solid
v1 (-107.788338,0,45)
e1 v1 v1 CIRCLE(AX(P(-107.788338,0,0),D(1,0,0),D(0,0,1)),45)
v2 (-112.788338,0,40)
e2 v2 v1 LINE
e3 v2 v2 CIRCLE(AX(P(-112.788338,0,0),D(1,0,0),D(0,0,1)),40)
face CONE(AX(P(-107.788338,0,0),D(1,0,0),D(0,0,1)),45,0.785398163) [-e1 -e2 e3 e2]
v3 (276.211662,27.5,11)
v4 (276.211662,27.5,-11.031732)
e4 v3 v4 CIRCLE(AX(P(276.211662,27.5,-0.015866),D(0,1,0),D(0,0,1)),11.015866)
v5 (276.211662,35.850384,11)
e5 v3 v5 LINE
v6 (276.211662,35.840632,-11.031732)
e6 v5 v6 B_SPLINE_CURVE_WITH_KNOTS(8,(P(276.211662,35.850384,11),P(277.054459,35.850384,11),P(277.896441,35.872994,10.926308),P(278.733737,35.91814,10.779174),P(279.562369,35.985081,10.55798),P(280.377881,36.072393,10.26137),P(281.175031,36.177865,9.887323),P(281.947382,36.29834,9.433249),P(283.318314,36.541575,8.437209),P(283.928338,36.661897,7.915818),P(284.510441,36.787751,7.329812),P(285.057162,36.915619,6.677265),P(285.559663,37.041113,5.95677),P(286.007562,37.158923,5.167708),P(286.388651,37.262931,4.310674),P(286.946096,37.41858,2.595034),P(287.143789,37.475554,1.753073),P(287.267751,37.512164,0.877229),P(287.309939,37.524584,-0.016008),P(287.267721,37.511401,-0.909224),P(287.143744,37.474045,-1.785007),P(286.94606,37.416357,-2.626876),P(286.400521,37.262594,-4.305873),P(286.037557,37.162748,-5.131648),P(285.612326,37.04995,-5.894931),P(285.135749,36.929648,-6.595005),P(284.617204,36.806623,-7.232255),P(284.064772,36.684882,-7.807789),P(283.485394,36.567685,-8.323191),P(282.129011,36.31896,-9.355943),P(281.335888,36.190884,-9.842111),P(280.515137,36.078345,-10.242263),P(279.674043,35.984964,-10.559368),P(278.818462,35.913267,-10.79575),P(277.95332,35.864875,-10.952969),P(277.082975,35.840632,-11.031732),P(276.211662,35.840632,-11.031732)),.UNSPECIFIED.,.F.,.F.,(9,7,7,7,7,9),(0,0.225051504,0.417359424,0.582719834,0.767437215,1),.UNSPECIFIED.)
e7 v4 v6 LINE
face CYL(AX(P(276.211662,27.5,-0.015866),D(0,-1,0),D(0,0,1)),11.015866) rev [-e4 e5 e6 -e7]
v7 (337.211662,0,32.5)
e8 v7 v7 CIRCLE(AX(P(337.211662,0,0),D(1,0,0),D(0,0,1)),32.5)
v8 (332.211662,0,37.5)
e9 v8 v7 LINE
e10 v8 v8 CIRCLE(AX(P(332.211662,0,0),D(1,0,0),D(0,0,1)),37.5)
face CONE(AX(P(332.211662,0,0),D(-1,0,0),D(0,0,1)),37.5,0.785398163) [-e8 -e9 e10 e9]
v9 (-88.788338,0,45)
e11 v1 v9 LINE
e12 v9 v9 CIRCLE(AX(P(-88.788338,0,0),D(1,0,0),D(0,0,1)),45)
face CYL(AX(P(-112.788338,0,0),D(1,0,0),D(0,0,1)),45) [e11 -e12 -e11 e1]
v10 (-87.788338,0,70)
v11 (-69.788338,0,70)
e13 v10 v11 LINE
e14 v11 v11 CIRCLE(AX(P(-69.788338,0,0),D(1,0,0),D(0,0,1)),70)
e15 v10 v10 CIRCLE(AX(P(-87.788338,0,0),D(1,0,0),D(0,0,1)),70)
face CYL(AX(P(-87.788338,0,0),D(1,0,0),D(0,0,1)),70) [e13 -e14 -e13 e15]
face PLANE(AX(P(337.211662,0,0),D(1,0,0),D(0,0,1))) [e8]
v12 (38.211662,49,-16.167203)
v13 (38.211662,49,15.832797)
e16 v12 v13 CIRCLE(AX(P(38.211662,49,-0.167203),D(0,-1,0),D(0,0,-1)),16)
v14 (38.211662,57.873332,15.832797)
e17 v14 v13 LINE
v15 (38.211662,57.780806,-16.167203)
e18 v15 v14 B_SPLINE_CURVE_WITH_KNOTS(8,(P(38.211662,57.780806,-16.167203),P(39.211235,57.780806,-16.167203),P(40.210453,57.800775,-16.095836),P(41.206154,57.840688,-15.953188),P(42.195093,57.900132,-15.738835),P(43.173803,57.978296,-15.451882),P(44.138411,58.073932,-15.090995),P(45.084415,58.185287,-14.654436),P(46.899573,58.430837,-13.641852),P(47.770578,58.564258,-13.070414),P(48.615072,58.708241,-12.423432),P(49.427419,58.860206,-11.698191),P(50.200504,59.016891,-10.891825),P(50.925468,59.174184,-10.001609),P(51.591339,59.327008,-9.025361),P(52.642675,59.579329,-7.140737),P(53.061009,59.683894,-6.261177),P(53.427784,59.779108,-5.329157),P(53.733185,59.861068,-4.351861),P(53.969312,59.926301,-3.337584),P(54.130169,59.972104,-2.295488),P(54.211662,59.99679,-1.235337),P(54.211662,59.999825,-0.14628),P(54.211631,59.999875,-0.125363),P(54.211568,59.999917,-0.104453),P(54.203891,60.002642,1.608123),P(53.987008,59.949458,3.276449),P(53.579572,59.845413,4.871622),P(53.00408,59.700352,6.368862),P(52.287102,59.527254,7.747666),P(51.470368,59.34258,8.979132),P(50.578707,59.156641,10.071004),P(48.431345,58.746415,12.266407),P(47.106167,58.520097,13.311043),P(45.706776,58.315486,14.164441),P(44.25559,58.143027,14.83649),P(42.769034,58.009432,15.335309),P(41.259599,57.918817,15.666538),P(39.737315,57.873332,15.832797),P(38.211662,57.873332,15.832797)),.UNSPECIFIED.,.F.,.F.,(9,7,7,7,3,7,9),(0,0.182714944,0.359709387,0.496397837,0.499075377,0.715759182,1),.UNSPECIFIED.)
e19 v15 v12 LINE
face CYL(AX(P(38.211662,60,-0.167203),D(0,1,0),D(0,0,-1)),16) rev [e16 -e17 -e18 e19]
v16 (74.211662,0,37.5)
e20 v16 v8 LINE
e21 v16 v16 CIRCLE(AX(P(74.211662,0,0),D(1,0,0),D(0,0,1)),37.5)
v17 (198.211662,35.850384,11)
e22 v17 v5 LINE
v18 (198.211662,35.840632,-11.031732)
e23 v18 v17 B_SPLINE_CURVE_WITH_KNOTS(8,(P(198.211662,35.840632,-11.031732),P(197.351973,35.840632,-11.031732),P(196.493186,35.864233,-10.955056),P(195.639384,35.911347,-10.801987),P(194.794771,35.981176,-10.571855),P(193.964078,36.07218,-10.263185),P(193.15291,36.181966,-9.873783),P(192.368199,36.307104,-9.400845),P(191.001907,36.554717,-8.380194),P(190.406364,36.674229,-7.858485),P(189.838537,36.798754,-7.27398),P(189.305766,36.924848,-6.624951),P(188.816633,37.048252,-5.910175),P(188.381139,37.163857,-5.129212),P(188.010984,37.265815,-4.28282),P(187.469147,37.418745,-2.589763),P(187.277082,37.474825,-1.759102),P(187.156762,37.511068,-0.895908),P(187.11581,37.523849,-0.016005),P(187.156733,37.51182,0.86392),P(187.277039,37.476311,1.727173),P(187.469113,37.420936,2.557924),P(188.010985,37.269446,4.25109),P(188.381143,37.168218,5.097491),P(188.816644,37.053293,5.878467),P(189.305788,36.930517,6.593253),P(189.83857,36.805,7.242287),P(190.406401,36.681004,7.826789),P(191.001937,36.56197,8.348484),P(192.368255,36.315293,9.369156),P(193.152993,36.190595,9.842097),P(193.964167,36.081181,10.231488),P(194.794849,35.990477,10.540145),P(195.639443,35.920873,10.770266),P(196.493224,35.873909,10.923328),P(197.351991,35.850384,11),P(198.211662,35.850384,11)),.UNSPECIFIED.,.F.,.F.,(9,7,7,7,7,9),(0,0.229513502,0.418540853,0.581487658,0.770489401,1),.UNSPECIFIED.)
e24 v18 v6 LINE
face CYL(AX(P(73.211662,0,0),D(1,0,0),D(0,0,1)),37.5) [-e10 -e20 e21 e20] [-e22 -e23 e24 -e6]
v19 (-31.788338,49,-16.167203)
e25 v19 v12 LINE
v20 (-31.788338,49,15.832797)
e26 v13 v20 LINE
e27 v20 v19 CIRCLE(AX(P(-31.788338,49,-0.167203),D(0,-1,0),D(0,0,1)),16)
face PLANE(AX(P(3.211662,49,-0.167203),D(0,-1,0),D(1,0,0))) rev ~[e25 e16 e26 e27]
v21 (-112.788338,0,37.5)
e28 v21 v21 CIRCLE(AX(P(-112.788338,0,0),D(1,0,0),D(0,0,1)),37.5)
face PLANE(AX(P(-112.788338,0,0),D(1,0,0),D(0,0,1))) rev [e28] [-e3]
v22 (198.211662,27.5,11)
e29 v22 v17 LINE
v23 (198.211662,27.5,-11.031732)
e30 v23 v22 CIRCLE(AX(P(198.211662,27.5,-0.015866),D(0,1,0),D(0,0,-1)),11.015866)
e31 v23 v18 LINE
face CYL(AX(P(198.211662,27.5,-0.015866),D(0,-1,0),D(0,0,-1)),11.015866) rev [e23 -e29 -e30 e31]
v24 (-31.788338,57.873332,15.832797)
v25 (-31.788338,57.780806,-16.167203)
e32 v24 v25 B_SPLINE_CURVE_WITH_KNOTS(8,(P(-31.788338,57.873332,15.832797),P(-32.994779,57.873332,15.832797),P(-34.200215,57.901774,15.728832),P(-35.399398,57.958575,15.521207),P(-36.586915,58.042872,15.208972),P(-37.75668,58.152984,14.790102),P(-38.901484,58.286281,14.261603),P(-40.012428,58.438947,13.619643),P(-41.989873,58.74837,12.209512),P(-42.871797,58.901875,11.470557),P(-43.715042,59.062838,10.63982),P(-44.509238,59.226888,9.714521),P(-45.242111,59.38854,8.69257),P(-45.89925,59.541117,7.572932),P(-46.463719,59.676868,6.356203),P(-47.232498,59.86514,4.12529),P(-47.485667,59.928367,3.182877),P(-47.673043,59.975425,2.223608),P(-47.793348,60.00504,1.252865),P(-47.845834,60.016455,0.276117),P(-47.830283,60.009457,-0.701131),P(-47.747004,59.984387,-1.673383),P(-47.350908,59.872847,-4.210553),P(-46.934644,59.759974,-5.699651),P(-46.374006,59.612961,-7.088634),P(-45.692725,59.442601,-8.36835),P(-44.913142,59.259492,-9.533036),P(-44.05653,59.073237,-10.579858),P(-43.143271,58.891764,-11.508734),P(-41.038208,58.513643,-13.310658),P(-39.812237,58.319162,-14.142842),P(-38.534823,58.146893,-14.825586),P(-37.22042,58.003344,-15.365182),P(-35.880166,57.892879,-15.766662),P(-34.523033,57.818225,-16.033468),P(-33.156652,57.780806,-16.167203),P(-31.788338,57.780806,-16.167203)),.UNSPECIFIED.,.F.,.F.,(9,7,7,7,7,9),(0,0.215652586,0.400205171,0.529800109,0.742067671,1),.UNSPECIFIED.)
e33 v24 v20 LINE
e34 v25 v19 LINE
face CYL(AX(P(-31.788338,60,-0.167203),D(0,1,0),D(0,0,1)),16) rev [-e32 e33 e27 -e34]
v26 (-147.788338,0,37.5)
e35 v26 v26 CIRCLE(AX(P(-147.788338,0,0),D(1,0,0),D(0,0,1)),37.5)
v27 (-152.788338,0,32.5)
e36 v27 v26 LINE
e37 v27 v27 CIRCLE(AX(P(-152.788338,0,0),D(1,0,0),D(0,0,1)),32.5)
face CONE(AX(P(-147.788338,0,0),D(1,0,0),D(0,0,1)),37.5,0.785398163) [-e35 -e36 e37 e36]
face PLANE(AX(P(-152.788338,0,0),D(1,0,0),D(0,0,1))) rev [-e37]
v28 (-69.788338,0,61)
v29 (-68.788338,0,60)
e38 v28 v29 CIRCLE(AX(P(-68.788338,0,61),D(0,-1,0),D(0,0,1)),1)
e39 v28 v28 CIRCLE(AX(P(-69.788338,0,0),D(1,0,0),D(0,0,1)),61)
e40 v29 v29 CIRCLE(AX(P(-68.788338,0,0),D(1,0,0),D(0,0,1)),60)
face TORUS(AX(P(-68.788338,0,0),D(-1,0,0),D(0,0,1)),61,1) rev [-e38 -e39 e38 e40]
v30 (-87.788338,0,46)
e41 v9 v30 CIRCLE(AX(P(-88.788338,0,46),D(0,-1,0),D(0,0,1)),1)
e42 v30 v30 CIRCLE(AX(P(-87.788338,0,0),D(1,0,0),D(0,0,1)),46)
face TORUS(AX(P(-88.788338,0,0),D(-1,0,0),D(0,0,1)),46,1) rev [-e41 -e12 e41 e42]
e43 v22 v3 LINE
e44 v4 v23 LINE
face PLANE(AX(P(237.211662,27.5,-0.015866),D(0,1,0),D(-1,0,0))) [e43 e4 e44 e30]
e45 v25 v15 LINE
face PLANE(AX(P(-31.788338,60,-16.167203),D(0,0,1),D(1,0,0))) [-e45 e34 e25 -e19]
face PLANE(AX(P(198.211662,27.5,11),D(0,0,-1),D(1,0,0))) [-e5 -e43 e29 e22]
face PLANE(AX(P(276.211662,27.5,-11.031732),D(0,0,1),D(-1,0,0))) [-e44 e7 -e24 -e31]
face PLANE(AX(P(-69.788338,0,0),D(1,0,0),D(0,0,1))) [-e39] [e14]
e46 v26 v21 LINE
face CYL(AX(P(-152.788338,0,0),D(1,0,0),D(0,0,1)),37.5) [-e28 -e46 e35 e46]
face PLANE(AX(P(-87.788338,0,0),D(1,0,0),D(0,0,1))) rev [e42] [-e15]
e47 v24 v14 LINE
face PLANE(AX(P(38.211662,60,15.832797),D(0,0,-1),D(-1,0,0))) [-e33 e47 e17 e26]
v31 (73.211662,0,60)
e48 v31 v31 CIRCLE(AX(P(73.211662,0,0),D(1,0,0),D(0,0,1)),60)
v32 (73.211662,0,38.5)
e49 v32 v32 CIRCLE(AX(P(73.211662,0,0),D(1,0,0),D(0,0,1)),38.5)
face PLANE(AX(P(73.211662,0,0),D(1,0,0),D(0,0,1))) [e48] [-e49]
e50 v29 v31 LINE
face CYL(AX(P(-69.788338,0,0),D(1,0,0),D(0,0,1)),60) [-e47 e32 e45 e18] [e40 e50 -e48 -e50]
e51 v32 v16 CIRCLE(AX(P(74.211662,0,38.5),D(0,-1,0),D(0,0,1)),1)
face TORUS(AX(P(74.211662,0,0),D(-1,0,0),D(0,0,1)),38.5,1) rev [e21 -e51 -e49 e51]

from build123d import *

# Parameters (mm, degrees)
CUT_EXTRUDE_1_DEPTH      = 11
CUT_EXTRUDE_2_DEPTH      = 359.209373116
CUT_EXTRUDE_2_DEPTH_BACK = 1
CHAMFER_1_SIZE           = 5
FILLET_1_R               = 1


with BuildPart() as part:
    # 草图1 → 旋转1 (revolve)
    with BuildSketch(Plane.XY, mode=Mode.PRIVATE) as revolve_1_sk:
        Polygon((-152.788338001, 0), (-152.788338001, 37.5), (-112.788338001, 37.5), (-112.788338001, 45), (-87.788338001, 45), (-87.788338001, 70), (-69.788338001, 70), (-69.788338001, 60), (73.211661999, 60), (73.211661999, 37.5), (337.211661999, 37.5), (337.211661999, 0), align=None)
    revolve(revolve_1_sk.sketch.rotate(Axis((-105.28115942, 0, 0), (1, 0, 0)), 90), axis=Axis((-105.28115942, 0, 0), (1, 0, 0)))

    # 草图2 → 切除-拉伸1 (cut)
    with BuildSketch(Plane(origin=(0, 60, 0), x_dir=(-1, 0, 0), z_dir=(0, 1, 0))):
        with BuildLine():
            Line((-38.211661999, 15.832796851), (31.788338001, 15.832796851))
            ThreePointArc((31.788338001, 15.832796851), (47.788338001, -0.167203149), (31.788338001, -16.167203149))
            Line((31.788338001, -16.167203149), (-38.211661999, -16.167203149))
            ThreePointArc((-38.211661999, -16.167203149), (-54.211661999, -0.167203149), (-38.211661999, 15.832796851))
        make_face()
    extrude(amount=-CUT_EXTRUDE_1_DEPTH, mode=Mode.SUBTRACT)

    # 草图3 → 切除-拉伸2 (cut, two sides: drawn at the far end of the back side and taken through both)
    with BuildSketch(Plane(origin=(0, 28.5, 0), x_dir=(-1, 0, 0), z_dir=(0, 1, 0)).offset(-CUT_EXTRUDE_2_DEPTH_BACK)):
        with BuildLine():
            Line((-198.211661999, 11), (-276.211661999, 11))
            ThreePointArc((-276.211661999, 11), (-287.227527816, -0.015865818), (-276.211661999, -11.031731635))
            Line((-276.211661999, -11.031731635), (-198.211661999, -11.031731635))
            ThreePointArc((-198.211661999, -11.031731635), (-187.195796181, -0.015865818), (-198.211661999, 11))
        make_face()
    extrude(amount=CUT_EXTRUDE_2_DEPTH + CUT_EXTRUDE_2_DEPTH_BACK, mode=Mode.SUBTRACT)

    # 倒角1
    chamfer_1_edges = [part.edges().sort_by_distance(p)[0] for p in [
        (-112.788338001, 0, -45),
        (-152.788338001, 0, -37.5),
        (337.211661999, 0, -37.5),
    ]]
    chamfer(chamfer_1_edges, length=CHAMFER_1_SIZE)

    # 圆角1
    fillet_1_edges = [part.edges().sort_by_distance(p)[0] for p in [
        (-69.788338001, 0, -60),
        (-87.788338001, 0, -45),
        (73.211661999, 0, -37.5),
    ]]
    fillet(fillet_1_edges, radius=FILLET_1_R)


solid = part.part
